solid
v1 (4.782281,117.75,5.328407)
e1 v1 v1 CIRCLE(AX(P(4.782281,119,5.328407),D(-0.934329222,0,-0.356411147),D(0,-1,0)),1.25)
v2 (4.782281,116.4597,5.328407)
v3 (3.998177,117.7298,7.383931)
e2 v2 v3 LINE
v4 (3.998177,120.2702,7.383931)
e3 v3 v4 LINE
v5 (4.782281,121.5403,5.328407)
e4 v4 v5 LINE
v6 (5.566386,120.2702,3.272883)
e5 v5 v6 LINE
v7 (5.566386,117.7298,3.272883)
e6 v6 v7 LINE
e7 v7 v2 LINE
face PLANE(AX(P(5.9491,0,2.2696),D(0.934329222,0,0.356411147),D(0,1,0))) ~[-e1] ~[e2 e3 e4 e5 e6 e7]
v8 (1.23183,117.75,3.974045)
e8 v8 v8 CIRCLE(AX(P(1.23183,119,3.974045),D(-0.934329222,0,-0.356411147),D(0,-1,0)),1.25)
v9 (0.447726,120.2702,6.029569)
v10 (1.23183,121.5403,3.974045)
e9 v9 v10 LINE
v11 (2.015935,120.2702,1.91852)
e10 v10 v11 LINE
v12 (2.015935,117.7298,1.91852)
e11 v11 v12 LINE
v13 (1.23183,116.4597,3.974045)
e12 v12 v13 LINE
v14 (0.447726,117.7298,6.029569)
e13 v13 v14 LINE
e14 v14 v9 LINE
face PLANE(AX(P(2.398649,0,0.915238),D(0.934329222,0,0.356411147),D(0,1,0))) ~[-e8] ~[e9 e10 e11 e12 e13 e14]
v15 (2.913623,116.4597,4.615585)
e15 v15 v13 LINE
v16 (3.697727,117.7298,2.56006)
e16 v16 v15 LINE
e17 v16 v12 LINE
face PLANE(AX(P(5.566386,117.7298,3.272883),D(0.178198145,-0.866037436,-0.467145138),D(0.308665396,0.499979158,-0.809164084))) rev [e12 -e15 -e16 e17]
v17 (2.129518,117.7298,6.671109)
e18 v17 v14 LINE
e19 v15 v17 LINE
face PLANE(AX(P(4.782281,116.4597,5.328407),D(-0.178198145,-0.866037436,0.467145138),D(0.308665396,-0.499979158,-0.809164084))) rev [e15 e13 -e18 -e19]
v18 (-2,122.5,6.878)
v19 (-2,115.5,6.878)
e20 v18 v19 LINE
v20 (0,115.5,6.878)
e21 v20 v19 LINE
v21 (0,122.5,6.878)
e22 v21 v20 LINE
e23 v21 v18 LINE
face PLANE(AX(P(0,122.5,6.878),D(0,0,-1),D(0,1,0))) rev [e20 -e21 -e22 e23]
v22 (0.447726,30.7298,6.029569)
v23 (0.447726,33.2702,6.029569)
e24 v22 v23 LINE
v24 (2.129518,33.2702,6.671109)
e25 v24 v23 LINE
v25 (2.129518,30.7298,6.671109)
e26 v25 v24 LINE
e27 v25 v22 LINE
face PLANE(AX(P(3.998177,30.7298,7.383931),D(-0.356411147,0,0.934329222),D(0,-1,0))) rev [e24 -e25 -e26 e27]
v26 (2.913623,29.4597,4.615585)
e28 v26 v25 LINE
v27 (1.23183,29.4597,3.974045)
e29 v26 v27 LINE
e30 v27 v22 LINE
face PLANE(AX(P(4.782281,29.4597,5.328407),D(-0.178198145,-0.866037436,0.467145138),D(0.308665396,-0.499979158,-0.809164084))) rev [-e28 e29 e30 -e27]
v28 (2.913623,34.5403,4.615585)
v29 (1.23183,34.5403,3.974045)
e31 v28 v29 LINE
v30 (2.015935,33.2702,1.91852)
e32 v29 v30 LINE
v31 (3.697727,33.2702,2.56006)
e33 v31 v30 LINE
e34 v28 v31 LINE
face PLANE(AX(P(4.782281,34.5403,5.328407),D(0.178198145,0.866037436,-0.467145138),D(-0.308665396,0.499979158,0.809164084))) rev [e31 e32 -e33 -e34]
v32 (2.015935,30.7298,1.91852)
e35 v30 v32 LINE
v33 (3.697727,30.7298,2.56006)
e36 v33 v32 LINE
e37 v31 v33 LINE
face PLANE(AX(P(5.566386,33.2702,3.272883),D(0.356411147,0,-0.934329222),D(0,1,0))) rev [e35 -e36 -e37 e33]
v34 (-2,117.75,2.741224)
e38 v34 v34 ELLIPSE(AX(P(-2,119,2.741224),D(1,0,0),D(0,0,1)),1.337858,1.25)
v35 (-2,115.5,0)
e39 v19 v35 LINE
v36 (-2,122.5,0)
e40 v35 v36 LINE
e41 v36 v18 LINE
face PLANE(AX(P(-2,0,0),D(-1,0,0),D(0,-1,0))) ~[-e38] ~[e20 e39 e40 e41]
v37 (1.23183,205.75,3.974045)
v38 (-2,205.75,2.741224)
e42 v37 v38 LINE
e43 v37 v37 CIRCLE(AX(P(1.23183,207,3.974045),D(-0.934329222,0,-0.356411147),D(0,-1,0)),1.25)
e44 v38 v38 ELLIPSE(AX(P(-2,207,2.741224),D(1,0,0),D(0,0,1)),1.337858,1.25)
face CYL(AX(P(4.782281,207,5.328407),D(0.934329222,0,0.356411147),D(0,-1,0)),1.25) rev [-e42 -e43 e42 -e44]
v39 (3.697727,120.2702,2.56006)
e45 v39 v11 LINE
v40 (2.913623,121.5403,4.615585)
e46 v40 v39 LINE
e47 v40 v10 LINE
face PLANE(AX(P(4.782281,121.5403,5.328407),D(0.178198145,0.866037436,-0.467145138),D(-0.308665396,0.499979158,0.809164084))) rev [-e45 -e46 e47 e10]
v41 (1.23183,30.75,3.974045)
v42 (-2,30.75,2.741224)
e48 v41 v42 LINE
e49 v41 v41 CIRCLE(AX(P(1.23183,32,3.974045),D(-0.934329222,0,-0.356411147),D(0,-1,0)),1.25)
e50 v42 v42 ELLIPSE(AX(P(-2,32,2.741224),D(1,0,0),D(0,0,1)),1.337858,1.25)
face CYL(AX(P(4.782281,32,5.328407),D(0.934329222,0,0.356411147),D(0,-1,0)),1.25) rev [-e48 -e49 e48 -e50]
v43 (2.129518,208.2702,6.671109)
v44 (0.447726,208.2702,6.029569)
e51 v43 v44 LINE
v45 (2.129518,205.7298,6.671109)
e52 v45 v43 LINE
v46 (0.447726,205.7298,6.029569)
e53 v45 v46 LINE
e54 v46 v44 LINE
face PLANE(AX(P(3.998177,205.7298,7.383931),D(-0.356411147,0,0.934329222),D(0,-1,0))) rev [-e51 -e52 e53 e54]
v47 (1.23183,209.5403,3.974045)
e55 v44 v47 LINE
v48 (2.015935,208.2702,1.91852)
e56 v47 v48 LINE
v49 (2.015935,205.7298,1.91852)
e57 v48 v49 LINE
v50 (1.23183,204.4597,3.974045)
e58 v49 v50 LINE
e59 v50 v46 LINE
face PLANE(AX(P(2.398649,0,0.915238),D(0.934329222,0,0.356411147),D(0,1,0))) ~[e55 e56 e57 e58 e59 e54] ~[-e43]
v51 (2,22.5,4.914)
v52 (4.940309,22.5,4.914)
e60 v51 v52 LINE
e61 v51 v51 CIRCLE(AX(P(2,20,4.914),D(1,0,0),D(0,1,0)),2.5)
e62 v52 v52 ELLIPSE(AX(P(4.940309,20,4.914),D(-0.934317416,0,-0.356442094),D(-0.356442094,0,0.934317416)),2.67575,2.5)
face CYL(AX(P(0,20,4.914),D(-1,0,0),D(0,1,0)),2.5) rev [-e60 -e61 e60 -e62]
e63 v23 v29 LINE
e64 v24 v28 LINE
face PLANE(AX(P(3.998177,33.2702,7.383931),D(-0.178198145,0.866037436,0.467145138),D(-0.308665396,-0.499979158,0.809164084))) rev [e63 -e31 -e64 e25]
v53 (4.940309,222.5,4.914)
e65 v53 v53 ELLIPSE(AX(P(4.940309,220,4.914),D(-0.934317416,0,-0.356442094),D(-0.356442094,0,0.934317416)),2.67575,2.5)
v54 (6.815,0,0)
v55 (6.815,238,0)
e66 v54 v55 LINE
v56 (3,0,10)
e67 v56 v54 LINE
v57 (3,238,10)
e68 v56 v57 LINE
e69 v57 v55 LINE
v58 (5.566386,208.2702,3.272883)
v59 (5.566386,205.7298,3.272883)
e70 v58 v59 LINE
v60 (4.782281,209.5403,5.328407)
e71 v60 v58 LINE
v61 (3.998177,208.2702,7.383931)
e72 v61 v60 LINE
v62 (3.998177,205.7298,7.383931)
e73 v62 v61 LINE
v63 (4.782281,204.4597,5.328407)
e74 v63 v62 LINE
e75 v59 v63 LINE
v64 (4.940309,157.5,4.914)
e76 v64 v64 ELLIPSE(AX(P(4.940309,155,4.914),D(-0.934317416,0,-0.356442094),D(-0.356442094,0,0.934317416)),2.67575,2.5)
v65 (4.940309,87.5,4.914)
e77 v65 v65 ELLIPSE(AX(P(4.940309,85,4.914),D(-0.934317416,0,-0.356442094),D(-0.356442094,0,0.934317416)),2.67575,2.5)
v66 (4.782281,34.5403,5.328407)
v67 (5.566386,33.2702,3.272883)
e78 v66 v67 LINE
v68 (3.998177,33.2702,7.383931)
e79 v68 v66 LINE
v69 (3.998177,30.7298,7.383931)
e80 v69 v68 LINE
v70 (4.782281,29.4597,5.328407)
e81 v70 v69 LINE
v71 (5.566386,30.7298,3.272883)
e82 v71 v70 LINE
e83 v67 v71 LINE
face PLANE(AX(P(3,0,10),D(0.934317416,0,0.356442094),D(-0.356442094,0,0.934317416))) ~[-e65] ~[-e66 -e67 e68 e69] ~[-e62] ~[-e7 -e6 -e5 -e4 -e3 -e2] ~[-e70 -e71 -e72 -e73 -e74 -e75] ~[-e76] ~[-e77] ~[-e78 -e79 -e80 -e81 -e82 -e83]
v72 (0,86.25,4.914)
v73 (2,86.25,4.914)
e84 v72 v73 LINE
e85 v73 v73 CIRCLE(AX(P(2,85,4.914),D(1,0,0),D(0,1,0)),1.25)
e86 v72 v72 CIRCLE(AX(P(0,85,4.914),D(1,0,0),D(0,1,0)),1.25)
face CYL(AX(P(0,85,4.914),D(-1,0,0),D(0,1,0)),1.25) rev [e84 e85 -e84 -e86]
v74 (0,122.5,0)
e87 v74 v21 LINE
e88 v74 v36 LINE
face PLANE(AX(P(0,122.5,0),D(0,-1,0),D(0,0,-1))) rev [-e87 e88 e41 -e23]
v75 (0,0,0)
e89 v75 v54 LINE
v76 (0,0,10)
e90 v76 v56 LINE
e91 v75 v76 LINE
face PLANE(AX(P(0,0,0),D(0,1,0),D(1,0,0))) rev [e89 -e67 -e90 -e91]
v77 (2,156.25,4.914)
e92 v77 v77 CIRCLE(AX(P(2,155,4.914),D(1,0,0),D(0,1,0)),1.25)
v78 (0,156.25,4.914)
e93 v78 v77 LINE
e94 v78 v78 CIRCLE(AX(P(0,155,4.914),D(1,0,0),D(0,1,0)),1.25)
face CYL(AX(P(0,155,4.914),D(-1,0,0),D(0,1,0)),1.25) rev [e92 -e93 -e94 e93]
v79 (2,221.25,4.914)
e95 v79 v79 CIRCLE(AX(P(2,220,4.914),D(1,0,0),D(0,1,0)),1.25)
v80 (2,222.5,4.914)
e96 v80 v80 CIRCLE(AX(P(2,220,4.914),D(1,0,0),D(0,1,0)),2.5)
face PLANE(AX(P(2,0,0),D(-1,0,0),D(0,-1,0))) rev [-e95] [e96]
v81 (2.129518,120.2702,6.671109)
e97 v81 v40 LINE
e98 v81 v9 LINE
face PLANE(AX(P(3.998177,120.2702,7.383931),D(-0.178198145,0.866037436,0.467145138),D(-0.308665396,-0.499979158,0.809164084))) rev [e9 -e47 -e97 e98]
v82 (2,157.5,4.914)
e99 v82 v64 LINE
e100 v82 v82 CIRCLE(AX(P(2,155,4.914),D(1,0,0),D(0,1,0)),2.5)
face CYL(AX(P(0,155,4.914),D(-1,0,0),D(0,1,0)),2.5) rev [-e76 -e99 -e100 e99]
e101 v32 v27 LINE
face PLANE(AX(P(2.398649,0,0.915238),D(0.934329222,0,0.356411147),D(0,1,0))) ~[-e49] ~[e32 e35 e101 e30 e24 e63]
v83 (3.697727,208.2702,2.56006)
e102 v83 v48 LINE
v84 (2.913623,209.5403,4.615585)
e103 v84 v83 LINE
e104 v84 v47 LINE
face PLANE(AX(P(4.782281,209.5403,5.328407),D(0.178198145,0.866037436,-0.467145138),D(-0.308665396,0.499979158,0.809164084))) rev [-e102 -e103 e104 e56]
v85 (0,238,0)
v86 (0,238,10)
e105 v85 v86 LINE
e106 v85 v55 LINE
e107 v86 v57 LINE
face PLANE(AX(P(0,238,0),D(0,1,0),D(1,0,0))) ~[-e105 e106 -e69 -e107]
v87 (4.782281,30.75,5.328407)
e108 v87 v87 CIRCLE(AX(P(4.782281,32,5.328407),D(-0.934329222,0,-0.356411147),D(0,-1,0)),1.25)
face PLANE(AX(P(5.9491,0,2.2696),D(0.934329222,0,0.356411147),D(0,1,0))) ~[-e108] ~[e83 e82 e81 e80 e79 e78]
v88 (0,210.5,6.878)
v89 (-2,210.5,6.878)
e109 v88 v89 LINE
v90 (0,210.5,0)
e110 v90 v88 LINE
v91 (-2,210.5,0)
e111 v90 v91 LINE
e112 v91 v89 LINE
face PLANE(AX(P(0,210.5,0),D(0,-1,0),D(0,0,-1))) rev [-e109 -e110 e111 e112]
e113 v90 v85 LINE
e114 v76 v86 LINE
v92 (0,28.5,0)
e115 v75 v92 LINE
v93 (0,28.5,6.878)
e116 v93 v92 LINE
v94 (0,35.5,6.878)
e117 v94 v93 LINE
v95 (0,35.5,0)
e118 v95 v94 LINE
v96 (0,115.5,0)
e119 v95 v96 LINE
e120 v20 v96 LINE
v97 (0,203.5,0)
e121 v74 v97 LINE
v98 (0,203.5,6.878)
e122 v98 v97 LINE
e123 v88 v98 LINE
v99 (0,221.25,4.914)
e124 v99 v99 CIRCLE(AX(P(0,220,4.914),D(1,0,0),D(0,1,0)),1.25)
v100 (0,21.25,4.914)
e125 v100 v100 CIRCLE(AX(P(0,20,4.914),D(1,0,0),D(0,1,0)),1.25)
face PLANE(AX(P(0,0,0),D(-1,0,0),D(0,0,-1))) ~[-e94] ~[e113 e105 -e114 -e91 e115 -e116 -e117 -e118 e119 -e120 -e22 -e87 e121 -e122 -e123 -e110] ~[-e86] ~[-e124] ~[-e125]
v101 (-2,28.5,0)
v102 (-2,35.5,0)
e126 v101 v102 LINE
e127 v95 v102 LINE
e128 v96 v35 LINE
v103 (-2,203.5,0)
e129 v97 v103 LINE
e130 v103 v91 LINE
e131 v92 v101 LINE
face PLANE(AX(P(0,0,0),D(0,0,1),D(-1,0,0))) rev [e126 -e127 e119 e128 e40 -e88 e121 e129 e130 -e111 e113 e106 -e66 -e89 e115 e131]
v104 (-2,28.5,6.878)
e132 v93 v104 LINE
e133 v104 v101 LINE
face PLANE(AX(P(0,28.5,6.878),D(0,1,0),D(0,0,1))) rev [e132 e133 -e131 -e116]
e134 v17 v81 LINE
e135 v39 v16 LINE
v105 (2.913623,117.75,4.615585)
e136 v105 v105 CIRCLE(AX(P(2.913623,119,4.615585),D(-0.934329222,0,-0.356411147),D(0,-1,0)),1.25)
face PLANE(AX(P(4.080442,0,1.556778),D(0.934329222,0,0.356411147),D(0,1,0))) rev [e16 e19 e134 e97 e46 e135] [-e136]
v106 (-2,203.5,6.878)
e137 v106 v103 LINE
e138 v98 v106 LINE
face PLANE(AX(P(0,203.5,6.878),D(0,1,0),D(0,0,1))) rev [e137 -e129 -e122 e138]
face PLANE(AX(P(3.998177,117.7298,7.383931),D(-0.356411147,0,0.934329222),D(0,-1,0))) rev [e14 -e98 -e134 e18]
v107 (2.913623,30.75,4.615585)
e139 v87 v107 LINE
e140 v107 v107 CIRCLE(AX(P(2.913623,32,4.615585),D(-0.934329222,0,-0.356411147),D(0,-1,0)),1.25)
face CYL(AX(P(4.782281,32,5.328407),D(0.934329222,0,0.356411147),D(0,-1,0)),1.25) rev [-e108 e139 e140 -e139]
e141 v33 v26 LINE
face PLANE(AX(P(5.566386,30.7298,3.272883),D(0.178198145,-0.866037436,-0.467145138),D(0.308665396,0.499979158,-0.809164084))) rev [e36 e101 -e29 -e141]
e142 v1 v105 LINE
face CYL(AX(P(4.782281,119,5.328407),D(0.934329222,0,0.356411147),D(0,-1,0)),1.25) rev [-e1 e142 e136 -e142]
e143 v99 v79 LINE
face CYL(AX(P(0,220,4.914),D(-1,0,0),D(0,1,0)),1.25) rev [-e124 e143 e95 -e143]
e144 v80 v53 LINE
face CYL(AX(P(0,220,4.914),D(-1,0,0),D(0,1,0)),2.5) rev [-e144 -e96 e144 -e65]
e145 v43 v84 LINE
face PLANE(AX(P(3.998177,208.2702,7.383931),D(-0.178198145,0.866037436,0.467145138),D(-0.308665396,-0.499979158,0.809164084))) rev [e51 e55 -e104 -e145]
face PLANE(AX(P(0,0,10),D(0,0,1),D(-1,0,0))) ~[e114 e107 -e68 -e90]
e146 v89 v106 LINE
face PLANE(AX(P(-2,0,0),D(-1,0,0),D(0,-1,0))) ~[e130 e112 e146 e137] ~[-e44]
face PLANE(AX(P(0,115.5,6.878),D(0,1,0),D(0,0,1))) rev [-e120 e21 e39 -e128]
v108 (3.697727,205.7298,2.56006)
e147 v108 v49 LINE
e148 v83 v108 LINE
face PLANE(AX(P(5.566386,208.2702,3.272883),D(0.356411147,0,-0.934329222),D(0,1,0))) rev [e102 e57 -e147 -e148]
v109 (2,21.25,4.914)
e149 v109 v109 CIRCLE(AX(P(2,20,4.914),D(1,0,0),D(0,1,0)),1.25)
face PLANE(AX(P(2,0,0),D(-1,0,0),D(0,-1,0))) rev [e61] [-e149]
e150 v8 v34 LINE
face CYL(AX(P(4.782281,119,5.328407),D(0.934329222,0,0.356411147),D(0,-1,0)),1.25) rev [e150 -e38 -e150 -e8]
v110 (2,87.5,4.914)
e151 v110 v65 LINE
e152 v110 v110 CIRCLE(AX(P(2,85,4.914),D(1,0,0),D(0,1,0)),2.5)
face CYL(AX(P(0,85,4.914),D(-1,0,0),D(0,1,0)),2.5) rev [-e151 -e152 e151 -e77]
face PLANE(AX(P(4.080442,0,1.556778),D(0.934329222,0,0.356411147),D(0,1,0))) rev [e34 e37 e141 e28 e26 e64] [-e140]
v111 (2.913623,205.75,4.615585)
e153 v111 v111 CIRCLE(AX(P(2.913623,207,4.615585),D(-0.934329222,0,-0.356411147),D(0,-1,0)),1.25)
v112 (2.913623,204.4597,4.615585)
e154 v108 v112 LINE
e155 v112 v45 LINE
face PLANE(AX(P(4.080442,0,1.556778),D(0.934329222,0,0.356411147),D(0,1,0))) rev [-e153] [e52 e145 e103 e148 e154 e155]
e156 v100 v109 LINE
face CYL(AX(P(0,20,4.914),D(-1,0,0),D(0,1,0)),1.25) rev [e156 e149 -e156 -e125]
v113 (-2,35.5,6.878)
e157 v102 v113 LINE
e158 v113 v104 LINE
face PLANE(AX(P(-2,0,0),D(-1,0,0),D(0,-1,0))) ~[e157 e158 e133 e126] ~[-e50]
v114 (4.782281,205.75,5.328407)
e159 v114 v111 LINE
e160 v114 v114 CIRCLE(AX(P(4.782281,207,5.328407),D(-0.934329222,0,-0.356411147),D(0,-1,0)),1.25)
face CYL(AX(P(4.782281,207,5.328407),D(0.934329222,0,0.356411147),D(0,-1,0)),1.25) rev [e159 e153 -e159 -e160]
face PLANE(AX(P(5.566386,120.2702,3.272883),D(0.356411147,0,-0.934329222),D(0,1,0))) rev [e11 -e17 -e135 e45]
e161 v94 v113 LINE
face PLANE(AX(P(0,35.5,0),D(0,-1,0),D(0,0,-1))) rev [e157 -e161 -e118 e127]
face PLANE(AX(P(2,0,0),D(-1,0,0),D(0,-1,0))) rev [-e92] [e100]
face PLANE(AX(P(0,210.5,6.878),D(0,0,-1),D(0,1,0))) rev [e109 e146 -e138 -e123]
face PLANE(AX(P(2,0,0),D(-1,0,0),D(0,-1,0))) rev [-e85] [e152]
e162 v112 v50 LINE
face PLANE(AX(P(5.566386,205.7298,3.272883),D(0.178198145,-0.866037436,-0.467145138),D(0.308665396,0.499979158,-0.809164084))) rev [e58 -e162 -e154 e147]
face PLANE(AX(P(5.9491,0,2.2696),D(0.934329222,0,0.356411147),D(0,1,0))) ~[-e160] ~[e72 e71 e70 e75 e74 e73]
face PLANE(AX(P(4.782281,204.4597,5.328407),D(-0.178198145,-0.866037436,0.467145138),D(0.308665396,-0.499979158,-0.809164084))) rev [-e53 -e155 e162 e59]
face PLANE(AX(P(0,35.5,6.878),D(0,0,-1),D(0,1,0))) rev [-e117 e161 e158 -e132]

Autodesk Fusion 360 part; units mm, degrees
sketch "Skizze1" plane through (0, 0, 0) normal (0, 1, 0) x (1, 0, 0)
  line L0 (-29.0267, 0) -> (32.308, 0) construction
  line L1 (0, -25.3668) -> (0, 26.124) construction
  line L2 (0, 0) -> (0, -10)
  line L3 (0, -10) -> (-3, -10)
  line L4 (0, 0) -> (-6.815, 0)
  line L5 (-3, -10) -> (-6.815, 0)
  dimension "d1" = 10
  dimension "d2" = 6.815
  dimension "d3" = 3
extrude "Extrusion1" add sketch "Skizze1" along normal blind 238 makes body 1
sketch "Skizze2" plane through (0, 0, 0) normal (1, 0, 0) x (0, 1, 0)
  line L0 (0, 32.3505) -> (0, -25.958) construction
  line L1 (-11.6611, 0) -> (310, 0) construction
  line L2 (119, 63.4137) -> (119, -57.7153) construction
  line L3 (20, 43.9775) -> (20, -44.5265) construction
  line L4 (220, 51.6132) -> (220, -50) construction
  line L5 (85, 33.2182) -> (85, -47.6502) construction
  line L6 (155, 33.2182) -> (155, -42.444) construction
  line L7 (261.5293, 4.914) -> (-37.3941, 4.914) construction
  circle A0 centre (220, 4.914) radius 1.25
  circle A1 centre (220, 4.914) radius 2.5
  circle A2 centre (155, 4.914) radius 1.25
  circle A3 centre (155, 4.914) radius 2.5
  circle A4 centre (85, 4.914) radius 1.25
  circle A5 centre (85, 4.914) radius 2.5
  circle A6 centre (20, 4.914) radius 1.25
  circle A7 centre (20, 4.914) radius 2.5
  line L8 (207, 25.1754) -> (207, -27.1787) construction
  line L9 (32, 29.9975) -> (32, -45.4338) construction
  line L10 (257.1127, 6.878) -> (-52.1736, 6.878) construction
  line L11 (203.5, 0) -> (210.5, 0)
  line L12 (210.5, 0) -> (210.5, 6.878)
  line L13 (210.5, 6.878) -> (203.5, 6.878)
  line L14 (203.5, 6.878) -> (203.5, 0)
  line L15 (203.5, 0) -> (210.5, 6.878) construction
  line L16 (210.5, 0) -> (203.5, 6.878) construction
  line L17 (115.5, 0) -> (122.5, 0)
  line L18 (122.5, 0) -> (122.5, 6.878)
  line L19 (122.5, 6.878) -> (115.5, 6.878)
  line L20 (115.5, 6.878) -> (115.5, 0)
  line L21 (115.5, 0) -> (122.5, 6.878) construction
  line L22 (122.5, 0) -> (115.5, 6.878) construction
  line L23 (28.5, 0) -> (35.5, 0)
  line L24 (35.5, 0) -> (35.5, 6.878)
  line L25 (35.5, 6.878) -> (28.5, 6.878)
  line L26 (28.5, 6.878) -> (28.5, 0)
  line L27 (28.5, 0) -> (35.5, 6.878) construction
  line L28 (35.5, 0) -> (28.5, 6.878) construction
  point P0 (207, 3.439)
  point P1 (119, 3.439)
  point P2 (32, 3.439)
  dimension "d6" = 119
  dimension "d7" = 101
  dimension "d8" = 99
  dimension "d9" = 34
  dimension "d10" = 36
  dimension "d11" = 4.914
  dimension "d12" = 2.5
  dimension "d13" = 5
  dimension "d14" = 2.5
  dimension "d15" = 5
  dimension "d16" = 2.5
  dimension "d17" = 5
  dimension "d18" = 2.5
  dimension "d19" = 5
  dimension "d24" = 87
  dimension "d25" = 88
  dimension "d26" = 6.878
  dimension "d27" = 7
  dimension "d28" = 7
  dimension "d29" = 7
extrude "Extrusion2" cut sketch "Skizze2" against normal blind 10 contours A0 | A1 | A2 | A3 | A4 | A5 | A6 | A7 bodies 1
extrude "Extrusion3" add sketch "Skizze2" against normal blind 2 contours A1 | A3 | A5 | A7 bodies 1
extrude "Extrusion4" add sketch "Skizze2" along normal blind 2 contours L11 L12 L13 L14 | L17 L18 L19 L20 | L23 L24 L25 L26 bodies 1
sketch "Skizze3" plane through (-5.9491, 0, 2.2696) normal (-0.9343, 0, 0.3564) x (0, -1, 0)
  ellipse E0 centre (-155, 2.8303) end of major axis (-155, 0.1546) minor radius 2.5
  ellipse E1 centre (-85, 2.8303) end of major axis (-85, 0.1546) minor radius 2.5
  ellipse E2 centre (-220, 2.8303) end of major axis (-220, 0.1546) minor radius 2.5
  ellipse E3 centre (-20, 2.8303) end of major axis (-20, 0.1546) minor radius 2.5
  line L0 (0, -2.4292) -> (0, 8.2738)
  line L1 (0, 8.2738) -> (-238, 8.2738)
  line L2 (-238, 8.2738) -> (-238, -2.4292)
  line L3 (-238, -2.4292) -> (0, -2.4292)
  line L4 (-256.1946, 8.2738) -> (13.3488, 8.2738) construction
  line L5 (-271.6873, 3.2738) -> (21.7349, 3.2738) construction
  line L6 (0, 76.206) -> (0, -63.9663) construction
  line L7 (-207, 69.0398) -> (-207, -61.5402) construction
  line L8 (-119, 70) -> (-119, -67.3252) construction
  line L9 (-32, 63.2186) -> (-32, -40) construction
  circle A0 centre (-207, 3.2738) radius 1.25
  circle A1 centre (-119, 3.2738) radius 1.25
  circle A2 centre (-32, 3.2738) radius 1.25
  line L10 (-205.7298, 1.0738) -> (-204.4597, 3.2738)
  line L11 (-204.4597, 3.2738) -> (-205.7298, 5.4738)
  line L12 (-205.7298, 5.4738) -> (-208.2702, 5.4738)
  line L13 (-208.2702, 5.4738) -> (-209.5403, 3.2738)
  line L14 (-209.5403, 3.2738) -> (-208.2702, 1.0738)
  line L15 (-208.2702, 1.0738) -> (-205.7298, 1.0738)
  line L16 (-117.7298, 1.0738) -> (-116.4597, 3.2738)
  line L17 (-116.4597, 3.2738) -> (-117.7298, 5.4738)
  line L18 (-117.7298, 5.4738) -> (-120.2702, 5.4738)
  line L19 (-120.2702, 5.4738) -> (-121.5403, 3.2738)
  line L20 (-121.5403, 3.2738) -> (-120.2702, 1.0738)
  line L21 (-120.2702, 1.0738) -> (-117.7298, 1.0738)
  line L22 (-30.7298, 1.0738) -> (-29.4597, 3.2738)
  line L23 (-29.4597, 3.2738) -> (-30.7298, 5.4738)
  line L24 (-30.7298, 5.4738) -> (-33.2702, 5.4738)
  line L25 (-33.2702, 5.4738) -> (-34.5403, 3.2738)
  line L26 (-34.5403, 3.2738) -> (-33.2702, 1.0738)
  line L27 (-33.2702, 1.0738) -> (-30.7298, 1.0738)
  point P0 (-207, 3.2738)
  point P1 (-119, 3.2738)
  point P2 (-32, 3.2738)
  dimension "d32" = 5
  dimension "d35" = 119
  dimension "d36" = 87
  dimension "d37" = 88
  dimension "d38" = 2.5
  dimension "d39" = 2.5
  dimension "d40" = 2.5
  dimension "d41" = 4.4
  dimension "d42" = 4.4
  dimension "d43" = 4.4
extrude "Extrusion5" cut sketch "Skizze3" against normal blind 8 contours A0 | A1 | A2 bodies 1
extrude "Extrusion6" cut sketch "Skizze3" against normal blind 3.8 contours L10 L11 L12 L13 L14 L15 | L16 L17 L18 L19 L20 L21 | L22 L23 L24 L25 L26 L27 bodies 1
extrude "Extrusion7" add sketch "Skizze3" against normal blind 2 contours L10 L11 L12 L13 L14 L15 | L16 L17 L18 L19 L20 L21 | L22 L23 L24 L25 L26 L27 bodies 1
mirror "Spiegeln1" about plane through (0, 0, 0) normal (1, 0, 0) of bodies 1 makes body 2
delete_body "Körper entfernen1" bodies 1
